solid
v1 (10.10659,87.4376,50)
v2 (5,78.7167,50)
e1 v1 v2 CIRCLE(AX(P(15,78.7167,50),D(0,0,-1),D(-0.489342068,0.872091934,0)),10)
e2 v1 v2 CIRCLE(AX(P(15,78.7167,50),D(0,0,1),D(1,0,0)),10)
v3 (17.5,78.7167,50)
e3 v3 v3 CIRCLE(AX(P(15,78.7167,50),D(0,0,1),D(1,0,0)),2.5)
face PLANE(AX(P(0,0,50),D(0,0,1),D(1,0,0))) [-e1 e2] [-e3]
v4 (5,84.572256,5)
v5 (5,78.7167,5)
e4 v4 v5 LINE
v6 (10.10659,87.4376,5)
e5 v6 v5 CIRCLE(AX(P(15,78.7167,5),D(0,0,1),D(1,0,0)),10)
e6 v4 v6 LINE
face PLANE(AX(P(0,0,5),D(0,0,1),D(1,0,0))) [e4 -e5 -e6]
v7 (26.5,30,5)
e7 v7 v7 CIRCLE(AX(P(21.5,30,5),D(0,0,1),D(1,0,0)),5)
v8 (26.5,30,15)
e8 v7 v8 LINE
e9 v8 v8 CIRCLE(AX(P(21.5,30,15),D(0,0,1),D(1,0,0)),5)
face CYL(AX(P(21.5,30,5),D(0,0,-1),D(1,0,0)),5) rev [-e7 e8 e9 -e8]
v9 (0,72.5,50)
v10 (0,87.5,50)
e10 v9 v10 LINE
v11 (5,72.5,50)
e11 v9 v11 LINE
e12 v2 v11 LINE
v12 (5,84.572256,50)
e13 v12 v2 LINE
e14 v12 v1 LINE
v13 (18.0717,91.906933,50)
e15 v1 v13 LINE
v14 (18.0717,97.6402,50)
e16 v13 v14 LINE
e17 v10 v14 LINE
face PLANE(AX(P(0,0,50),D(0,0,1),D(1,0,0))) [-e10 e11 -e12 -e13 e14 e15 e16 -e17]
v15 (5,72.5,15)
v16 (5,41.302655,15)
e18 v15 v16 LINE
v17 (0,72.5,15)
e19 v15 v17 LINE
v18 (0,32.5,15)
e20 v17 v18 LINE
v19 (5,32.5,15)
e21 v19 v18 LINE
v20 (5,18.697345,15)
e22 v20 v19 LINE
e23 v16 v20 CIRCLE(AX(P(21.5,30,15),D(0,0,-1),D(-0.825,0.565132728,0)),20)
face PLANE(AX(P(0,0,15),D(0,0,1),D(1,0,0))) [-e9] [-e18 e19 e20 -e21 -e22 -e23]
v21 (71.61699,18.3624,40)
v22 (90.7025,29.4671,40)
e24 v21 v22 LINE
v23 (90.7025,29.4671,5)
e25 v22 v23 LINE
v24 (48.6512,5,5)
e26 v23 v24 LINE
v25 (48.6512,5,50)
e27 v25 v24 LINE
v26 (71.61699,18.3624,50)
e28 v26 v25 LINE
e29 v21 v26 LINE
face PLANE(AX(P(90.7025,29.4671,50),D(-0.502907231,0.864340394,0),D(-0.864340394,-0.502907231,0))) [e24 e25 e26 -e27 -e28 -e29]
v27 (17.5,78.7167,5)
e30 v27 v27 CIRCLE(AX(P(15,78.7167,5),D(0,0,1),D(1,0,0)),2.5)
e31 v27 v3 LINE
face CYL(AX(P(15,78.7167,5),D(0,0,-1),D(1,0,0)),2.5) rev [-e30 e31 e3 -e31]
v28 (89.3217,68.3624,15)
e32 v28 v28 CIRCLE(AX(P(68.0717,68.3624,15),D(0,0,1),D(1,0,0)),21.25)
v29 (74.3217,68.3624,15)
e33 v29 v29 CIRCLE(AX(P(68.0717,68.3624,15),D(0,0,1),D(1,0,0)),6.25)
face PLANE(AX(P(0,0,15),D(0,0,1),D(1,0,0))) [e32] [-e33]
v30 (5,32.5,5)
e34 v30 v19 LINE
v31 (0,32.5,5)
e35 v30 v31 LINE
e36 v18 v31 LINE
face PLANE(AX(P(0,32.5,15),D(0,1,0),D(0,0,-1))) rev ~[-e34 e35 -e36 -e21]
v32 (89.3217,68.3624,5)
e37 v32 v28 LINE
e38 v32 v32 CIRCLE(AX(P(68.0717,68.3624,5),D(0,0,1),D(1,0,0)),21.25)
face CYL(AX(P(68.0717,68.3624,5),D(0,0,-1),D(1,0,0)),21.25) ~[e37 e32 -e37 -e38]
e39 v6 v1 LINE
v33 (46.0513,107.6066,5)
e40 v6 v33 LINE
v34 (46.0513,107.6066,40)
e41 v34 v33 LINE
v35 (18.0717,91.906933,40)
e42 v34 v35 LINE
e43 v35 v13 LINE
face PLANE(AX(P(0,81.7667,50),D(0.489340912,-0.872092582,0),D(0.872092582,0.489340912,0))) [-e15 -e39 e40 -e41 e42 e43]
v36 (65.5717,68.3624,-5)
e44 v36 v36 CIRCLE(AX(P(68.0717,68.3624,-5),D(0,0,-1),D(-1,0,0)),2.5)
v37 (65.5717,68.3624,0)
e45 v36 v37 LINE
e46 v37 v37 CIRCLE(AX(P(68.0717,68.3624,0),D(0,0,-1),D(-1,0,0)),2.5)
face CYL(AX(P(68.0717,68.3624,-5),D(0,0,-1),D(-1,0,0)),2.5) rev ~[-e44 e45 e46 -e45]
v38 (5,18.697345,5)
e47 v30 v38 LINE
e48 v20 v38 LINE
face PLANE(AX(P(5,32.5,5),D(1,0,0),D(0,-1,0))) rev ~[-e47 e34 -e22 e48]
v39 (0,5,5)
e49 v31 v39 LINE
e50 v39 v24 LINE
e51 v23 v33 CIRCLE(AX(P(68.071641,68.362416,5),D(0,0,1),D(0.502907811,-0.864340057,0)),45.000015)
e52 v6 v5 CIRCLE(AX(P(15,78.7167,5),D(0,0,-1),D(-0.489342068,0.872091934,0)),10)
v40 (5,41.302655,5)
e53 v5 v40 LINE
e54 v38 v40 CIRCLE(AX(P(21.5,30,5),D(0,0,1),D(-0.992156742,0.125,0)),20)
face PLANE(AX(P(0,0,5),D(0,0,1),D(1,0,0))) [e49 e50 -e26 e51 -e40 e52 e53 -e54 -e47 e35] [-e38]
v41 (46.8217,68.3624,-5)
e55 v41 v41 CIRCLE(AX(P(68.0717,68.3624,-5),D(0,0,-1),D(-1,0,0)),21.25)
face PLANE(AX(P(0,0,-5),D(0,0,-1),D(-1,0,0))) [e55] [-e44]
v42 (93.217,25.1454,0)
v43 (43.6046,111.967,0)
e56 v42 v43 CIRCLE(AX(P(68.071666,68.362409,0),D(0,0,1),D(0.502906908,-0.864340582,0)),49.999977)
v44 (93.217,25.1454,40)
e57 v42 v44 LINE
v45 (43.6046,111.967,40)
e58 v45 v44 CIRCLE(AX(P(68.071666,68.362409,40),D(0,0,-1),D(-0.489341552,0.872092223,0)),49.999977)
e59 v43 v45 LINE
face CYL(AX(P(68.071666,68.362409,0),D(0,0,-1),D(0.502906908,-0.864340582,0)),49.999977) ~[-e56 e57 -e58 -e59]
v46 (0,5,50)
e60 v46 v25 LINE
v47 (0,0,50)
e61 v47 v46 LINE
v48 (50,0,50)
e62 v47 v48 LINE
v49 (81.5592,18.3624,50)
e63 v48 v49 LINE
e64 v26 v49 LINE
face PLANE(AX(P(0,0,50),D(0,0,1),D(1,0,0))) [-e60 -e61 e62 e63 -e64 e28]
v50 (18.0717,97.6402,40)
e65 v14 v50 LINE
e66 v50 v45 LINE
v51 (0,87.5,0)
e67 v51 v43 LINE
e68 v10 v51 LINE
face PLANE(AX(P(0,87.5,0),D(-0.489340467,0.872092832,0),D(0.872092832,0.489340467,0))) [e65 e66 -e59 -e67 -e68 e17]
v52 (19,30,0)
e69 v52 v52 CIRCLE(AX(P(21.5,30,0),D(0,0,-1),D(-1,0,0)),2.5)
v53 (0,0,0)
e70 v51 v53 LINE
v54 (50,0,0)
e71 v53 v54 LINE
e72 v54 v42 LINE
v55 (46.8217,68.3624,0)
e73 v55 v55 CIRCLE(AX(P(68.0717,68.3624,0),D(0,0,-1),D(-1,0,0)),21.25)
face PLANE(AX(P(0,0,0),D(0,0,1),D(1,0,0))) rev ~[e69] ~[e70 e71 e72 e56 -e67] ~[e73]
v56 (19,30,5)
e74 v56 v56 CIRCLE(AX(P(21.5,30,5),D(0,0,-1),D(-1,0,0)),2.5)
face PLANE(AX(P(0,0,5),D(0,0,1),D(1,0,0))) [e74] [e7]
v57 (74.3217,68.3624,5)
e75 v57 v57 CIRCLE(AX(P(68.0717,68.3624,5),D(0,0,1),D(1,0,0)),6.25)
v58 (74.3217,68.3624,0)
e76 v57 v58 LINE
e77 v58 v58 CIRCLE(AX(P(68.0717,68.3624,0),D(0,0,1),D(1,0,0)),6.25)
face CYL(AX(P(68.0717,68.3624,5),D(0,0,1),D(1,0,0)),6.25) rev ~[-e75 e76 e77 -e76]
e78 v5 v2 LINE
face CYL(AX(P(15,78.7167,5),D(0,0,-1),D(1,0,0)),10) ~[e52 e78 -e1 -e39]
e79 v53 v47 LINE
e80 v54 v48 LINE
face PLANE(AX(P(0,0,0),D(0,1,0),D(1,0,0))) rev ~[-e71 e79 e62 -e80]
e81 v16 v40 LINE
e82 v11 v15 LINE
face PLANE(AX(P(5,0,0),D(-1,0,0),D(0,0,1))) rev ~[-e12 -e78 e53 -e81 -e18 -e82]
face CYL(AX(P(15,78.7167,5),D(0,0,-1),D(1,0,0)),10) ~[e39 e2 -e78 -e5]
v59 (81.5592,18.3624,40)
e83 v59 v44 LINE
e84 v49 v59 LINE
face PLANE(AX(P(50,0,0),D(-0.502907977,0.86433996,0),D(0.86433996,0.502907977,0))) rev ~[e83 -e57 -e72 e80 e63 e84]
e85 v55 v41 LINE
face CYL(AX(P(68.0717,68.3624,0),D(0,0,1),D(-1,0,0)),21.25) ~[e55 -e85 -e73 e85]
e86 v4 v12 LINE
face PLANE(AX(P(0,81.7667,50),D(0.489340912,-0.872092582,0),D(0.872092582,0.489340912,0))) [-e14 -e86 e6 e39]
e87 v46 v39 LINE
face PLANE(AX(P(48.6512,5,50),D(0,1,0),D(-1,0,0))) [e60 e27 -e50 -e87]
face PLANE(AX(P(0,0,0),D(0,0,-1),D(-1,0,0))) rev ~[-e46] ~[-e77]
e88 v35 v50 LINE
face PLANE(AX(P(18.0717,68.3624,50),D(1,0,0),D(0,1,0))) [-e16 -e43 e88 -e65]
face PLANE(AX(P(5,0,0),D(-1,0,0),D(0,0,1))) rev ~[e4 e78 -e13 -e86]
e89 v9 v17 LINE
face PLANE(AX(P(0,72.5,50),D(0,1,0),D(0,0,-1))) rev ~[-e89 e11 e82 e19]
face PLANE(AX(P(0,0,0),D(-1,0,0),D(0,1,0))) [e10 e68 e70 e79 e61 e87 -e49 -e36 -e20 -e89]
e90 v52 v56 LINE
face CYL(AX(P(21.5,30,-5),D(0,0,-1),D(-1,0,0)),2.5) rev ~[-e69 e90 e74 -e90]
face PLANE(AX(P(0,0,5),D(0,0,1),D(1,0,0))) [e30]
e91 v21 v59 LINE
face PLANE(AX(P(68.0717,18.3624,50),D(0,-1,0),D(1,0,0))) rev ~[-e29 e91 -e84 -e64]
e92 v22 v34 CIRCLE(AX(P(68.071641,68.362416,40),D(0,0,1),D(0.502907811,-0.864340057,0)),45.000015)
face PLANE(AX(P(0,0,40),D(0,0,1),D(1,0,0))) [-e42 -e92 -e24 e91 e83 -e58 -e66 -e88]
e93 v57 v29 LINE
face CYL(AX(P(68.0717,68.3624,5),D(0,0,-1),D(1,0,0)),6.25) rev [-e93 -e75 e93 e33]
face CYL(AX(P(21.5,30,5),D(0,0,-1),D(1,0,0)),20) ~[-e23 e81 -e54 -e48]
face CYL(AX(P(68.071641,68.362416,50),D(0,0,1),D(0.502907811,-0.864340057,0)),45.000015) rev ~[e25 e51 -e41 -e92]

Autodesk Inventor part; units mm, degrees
ref_plane "YZ Plane" through (0, 0, 0) normal (1, 0, 0) x (0, 1, 0)
ref_plane "XZ Plane" through (0, 0, 0) normal (0, 1, 0) x (-1, 0, 0)
ref_plane "XY Plane" through (0, 0, 0) normal (0, 0, 1) x (1, 0, 0)
sketch "Sketch1" plane through (0, 0, 0) normal (0, 0, 1) x (1, 0, 0)
  line L0 (0, 0) -> (0, 87.5)
  line L1 (0, 87.5) -> (43.6046, 111.967)
  line L2 (0, 0) -> (50, 0)
  line L3 (50, 0) -> (93.217, 25.1454)
  circle A0 centre (68.0717, 68.3624) radius 50 construction
  arc A1 (93.217, 25.1454) -> (43.6046, 111.967) centre (68.0717, 68.3624) ccw
  dimension "d0" = 87.5
  dimension "d1" = 50
  dimension "d2" = 50
  dimension "d3" = 50
  dimension "d4" = 100
extrude "Extrusion1" add sketch "Sketch1" along normal blind 50
sketch "Sketch2" plane through (0, 0, 50) normal (0, 0, 1) x (1, 0, 0)
  line L0 (0, 0) -> (50, 0) projected
  line L1 (50, 0) -> (93.217, 25.1454) projected
  arc A0 (93.217, 25.1454) -> (43.6046, 111.967) centre (68.0717, 68.3624) ccw projected
  line L2 (43.6046, 111.967) -> (0, 87.5) projected
  line L3 (0, 81.7667) -> (46.0513, 107.6066)
  arc A1 (90.7025, 29.4671) -> (46.0513, 107.6066) centre (68.0717, 68.3624) ccw
  line L4 (90.7025, 29.4671) -> (48.6512, 5)
  line L5 (48.6512, 5) -> (0, 5)
  line L6 (0, 87.5) -> (0, 0) projected
  line L7 (0, 5) -> (0, 81.7667)
  dimension "d7" = 5
extrude "Extrusion2" cut sketch "Sketch2" against normal blind 45 contours L6 L3 A1 L4 L5
sketch "Sketch3" plane through (0, 0, 0) normal (-1, 0, 0) x (0, 0, 1)
  line L0 (0, 87.5) -> (50, 87.5) projected
  line L1 (50, 113.3624) -> (50, 29.4671) projected
  line L2 (0, 87.5) -> (50, 87.5)
  line L3 (50, 87.5) -> (50, 72.5)
  line L4 (50, 72.5) -> (0, 72.5)
  line L5 (0, 72.5) -> (0, 87.5)
  point P0 (0, 0)
  point P1 (50, 107.6066)
  dimension "d10" = 15
extrude "Extrusion3" add sketch "Sketch3" against normal blind 5
sketch "Sketch4" plane through (0, 0, 0) normal (-1, 0, 0) x (0, 0, 1)
  line L0 (0, 87.5) -> (0, 111.967) projected
  line L1 (0, 87.5) -> (15, 87.5)
  line L2 (15, 87.5) -> (15, 32.5)
  line L3 (15, 32.5) -> (0, 32.5)
  line L4 (0, 32.5) -> (0, 87.5)
  line L5 (0, 0) -> (50, 0) projected
  dimension "d13" = 15
  dimension "d14" = 32.5
extrude "Extrusion4" add sketch "Sketch4" against normal blind 5
sketch "Sketch6" plane through (0, 0, 5) normal (0, 0, 1) x (1, 0, 0)
  circle A0 centre (21.5, 30) radius 20
  line L0 (48.6512, 5) -> (0, 5) projected
  line L1 (0, 5) -> (0, 32.5) projected
  circle A1 centre (21.5, 30) radius 5
  point P0 (0, 0)
  dimension "d22" = 40
  dimension "d37" = 25
  dimension "d38" = 21.5
  dimension "d39" = 10
sketch "Sketch7" plane through (0, 0, 5) normal (0, 0, 1) x (1, 0, 0)
  arc A0 (93.217, 25.1454) -> (43.6046, 111.967) centre (68.0717, 68.3624) ccw projected
  circle A1 centre (68.0717, 68.3624) radius 6.25
  circle A2 centre (68.0717, 68.3624) radius 21.25
  point P0 (0, 0)
  dimension "d25" = 12.5
  dimension "d28" = 15
extrude "Extrusion8" add sketch "Sketch7" along normal blind 10
sketch "Sketch8" plane through (68.0717, 68.3624, 5) normal (0, 0, 1) x (1, 0, 0)
  circle A0 centre (0, 0) radius 6.25 projected
  circle A1 centre (0, 0) radius 6.25
  point P0 (-68.0717, -68.3624)
extrude "Extrusion9" cut sketch "Sketch8" against normal through all
sketch "Sketch9" plane through (0, 0, 0) normal (0, 0, -1) x (-1, 0, 0)
  circle A0 centre (-68.0717, 68.3624) radius 21.25 projected
  circle A1 centre (-68.0717, 68.3624) radius 21.25
  point P0 (0, 0)
extrude "Extrusion10" add sketch "Sketch9" along normal blind 5
sketch "Sketch10" plane through (0, 0, 50) normal (0, 0, 1) x (1, 0, 0)
  arc A0 (93.217, 25.1454) -> (43.6046, 111.967) centre (68.0717, 68.3624) ccw projected
  circle A1 centre (68.0717, 68.3624) radius 50
  line L0 (18.0717, 68.3624) -> (18.0717, 97.6402)
  line L1 (0, 87.5) -> (43.6046, 111.967) projected
  line L2 (43.6046, 111.967) -> (18.0717, 97.6402)
  line L3 (68.0717, 18.3624) -> (81.5592, 18.3624)
  line L4 (50, 0) -> (93.217, 25.1454) projected
  line L5 (81.5592, 18.3624) -> (93.217, 25.1454)
  point P0 (0, 0)
extrude "Extrusion11" cut sketch "Sketch10" against normal blind 10
extrude "Extrusion12" add sketch "Sketch6" along normal blind 10
sketch "Sketch11" plane through (0, 0, 5) normal (0, 0, 1) x (1, 0, 0)
  circle A0 centre (15, 78.7167) radius 10
  circle A1 centre (15, 78.7167) radius 2.5
  line L0 (5, 84.5722) -> (18.0717, 91.9069) projected
  line L1 (5, 84.5722) -> (5, 72.5) projected
  point P0 (0, 0)
  dimension "d42" = 20
  dimension "d43" = 5
extrude "Extrusion13" add sketch "Sketch11" along normal blind 45 contours A0
sketch "Sketch12" plane through (0, 0, 5) normal (0, 0, 1) x (1, 0, 0)
  line L0 (1.6569, 32.5) -> (0, 32.5) projected
  line L1 (0, 32.5) -> (5, 32.5)
  line L2 (5, 32.5) -> (5, 5)
  line L3 (5, 5) -> (0, 5)
  line L4 (0, 5) -> (0, 32.5)
  point P0 (0, 0)
  dimension "d46" = 5
extrude "Extrusion14" cut sketch "Sketch12" along normal through all
sketch "Sketch13" plane through (68.0717, 68.3624, -5) normal (0, 0, -1) x (-1, 0, 0)
  circle A0 centre (0, 0) radius 21.25 projected
  circle A1 centre (46.5717, -38.3624) radius 5 projected
  circle A2 centre (46.5717, -38.3624) radius 2.5
  circle A3 centre (0, 0) radius 6.25 projected
  circle A4 centre (0, 0) radius 2.5
  point P0 (68.0717, -68.3624)
  dimension "d49" = 5
  dimension "d50" = 5
extrude "Extrusion15" cut sketch "Sketch13" against normal through all contours A2 | A4
properties part number "BA005" material "ABS Plastic"
